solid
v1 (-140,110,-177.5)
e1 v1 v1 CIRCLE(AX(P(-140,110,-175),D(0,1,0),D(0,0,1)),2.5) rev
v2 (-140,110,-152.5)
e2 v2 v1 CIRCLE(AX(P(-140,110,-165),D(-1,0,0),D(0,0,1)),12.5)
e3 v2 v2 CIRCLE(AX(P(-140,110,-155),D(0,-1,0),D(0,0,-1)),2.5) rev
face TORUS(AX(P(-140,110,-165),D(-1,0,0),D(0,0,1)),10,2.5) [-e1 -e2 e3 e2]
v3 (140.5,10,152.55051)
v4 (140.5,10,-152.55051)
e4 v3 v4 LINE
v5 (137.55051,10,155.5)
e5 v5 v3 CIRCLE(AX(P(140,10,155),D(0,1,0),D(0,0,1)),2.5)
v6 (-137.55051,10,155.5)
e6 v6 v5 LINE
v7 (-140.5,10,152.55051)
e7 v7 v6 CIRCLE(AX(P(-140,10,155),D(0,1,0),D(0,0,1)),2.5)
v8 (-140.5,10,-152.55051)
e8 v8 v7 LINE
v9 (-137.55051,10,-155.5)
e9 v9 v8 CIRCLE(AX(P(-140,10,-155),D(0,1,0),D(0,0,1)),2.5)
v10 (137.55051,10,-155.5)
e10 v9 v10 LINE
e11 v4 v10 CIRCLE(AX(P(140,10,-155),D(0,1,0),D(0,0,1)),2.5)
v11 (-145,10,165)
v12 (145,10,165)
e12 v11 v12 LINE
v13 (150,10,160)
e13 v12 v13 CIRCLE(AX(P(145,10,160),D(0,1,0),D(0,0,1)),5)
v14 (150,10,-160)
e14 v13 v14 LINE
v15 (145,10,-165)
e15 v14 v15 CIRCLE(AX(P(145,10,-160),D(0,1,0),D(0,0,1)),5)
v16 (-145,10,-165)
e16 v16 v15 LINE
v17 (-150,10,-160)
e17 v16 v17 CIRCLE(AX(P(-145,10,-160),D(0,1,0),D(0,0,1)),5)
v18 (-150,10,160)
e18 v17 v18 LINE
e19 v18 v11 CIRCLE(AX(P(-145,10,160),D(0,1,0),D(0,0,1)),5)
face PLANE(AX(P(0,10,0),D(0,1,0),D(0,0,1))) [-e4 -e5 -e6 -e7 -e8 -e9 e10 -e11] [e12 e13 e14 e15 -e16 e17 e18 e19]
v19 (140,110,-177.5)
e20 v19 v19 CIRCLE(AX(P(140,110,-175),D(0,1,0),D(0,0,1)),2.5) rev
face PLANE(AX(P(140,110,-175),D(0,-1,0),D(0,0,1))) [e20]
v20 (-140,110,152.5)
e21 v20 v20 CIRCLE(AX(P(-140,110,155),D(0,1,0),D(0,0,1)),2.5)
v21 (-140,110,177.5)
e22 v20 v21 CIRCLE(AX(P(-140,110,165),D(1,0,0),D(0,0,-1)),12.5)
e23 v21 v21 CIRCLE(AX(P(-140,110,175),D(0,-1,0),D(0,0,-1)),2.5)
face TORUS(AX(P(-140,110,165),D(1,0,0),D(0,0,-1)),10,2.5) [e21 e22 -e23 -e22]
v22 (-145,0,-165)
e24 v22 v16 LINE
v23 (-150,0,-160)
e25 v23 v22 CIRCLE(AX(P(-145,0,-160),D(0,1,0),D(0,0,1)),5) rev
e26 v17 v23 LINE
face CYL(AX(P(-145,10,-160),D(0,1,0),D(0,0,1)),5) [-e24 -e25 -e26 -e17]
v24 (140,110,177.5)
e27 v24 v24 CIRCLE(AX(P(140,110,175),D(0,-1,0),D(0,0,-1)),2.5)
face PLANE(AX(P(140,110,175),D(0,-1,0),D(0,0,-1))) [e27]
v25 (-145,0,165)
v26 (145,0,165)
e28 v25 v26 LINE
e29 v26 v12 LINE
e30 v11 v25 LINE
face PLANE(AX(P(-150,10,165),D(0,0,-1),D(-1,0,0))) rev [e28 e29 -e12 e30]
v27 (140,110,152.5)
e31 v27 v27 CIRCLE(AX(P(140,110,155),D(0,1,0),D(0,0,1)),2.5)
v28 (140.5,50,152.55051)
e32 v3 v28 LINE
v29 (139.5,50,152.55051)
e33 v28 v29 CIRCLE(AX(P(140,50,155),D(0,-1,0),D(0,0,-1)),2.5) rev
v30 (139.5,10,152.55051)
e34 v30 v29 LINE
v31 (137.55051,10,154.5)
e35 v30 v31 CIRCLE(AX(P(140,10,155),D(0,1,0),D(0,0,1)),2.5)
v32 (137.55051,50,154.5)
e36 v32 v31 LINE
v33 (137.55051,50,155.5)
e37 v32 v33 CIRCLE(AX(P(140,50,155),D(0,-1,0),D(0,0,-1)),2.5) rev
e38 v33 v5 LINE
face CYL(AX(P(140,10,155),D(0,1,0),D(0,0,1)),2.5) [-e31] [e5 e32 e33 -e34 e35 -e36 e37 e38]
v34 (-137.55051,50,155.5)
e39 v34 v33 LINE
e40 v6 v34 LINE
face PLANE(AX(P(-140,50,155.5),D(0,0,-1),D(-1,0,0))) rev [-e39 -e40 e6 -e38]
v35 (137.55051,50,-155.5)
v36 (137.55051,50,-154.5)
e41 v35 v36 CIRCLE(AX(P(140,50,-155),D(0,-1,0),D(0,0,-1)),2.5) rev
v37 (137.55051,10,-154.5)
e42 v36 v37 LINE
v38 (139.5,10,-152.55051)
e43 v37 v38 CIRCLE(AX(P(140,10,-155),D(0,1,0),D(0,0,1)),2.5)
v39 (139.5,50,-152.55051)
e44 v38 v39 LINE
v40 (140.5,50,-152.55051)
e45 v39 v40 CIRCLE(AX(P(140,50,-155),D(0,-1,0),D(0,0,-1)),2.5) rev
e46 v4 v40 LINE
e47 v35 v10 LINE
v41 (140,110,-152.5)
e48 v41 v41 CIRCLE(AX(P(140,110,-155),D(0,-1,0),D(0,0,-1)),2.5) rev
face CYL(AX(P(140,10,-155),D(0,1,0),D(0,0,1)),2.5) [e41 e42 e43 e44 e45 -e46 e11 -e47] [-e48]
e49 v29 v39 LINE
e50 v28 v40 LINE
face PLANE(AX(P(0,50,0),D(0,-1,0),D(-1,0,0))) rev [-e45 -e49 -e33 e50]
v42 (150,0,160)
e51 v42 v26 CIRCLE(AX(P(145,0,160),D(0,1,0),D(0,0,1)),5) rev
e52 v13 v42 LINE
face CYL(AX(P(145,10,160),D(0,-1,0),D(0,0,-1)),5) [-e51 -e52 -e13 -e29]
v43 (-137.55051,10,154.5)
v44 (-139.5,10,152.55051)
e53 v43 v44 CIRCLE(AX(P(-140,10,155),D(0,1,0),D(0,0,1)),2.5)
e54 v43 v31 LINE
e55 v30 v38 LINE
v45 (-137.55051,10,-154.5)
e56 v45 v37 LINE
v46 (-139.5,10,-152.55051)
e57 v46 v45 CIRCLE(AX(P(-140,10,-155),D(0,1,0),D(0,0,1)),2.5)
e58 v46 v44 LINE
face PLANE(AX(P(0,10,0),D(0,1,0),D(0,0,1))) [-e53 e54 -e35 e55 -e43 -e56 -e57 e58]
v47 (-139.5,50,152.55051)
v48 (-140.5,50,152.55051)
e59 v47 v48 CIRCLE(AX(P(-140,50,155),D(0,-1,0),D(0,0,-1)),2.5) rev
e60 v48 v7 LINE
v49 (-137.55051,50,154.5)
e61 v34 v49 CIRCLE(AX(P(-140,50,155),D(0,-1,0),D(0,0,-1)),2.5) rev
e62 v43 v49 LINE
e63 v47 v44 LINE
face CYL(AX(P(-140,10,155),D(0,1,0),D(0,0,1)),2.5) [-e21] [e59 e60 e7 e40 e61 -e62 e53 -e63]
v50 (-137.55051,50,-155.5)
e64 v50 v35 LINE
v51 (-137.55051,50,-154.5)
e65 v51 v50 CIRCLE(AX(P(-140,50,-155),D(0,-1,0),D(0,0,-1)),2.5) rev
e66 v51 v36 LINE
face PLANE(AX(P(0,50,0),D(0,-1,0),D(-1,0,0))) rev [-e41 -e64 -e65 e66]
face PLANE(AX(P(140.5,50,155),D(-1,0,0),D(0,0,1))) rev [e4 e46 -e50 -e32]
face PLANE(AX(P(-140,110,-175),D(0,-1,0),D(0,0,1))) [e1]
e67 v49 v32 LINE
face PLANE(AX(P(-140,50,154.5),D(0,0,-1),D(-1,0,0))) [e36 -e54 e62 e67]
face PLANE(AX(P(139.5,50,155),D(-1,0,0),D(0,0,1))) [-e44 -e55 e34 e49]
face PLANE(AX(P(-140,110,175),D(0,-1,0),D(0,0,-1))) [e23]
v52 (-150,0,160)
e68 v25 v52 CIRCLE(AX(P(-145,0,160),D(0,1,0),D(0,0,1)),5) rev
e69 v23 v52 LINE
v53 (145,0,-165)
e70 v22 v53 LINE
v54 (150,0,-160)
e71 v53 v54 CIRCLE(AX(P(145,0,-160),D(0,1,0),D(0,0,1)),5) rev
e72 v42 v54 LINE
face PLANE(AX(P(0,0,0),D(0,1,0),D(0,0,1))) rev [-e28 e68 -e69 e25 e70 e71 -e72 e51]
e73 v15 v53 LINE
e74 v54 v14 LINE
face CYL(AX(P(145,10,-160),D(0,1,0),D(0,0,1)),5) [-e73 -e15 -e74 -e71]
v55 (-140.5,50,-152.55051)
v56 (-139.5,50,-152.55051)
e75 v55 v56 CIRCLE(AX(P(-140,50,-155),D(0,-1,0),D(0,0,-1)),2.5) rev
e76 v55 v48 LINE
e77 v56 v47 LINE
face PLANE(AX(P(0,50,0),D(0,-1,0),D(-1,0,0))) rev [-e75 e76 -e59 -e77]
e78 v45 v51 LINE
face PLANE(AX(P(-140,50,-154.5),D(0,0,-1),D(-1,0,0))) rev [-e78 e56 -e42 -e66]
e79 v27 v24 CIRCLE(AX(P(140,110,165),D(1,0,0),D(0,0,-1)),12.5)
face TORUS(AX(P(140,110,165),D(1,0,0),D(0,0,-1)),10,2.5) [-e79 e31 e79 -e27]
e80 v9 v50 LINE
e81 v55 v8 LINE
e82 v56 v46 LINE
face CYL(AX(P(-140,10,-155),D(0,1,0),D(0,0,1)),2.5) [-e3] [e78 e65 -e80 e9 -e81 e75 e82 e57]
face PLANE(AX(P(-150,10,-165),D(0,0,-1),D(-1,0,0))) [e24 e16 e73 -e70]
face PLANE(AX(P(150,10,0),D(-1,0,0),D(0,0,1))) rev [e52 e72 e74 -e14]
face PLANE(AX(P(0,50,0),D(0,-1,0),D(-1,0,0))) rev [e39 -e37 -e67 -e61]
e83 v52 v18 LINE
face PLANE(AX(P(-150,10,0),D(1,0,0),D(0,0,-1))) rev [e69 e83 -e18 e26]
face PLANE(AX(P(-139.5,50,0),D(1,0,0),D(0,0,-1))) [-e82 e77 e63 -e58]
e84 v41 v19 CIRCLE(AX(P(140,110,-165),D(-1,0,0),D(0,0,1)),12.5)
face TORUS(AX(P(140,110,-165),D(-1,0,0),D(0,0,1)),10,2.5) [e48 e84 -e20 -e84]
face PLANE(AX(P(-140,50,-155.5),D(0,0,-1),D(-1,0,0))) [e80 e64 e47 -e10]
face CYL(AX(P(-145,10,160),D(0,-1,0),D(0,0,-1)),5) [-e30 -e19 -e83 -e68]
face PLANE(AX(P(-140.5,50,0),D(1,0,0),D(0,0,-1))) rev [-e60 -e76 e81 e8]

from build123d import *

# Parameters (mm, degrees)
SKETCH1_W            = 300
SKETCH1_H            = 165
BOSS_EXTRUDE1_DEPTH  = 10
SKETCH2_R            = 2.5
FILLET1_R            = 5
EXTRUDE_THIN1_DEPTH  = 40
FILLET1_OF_MIRROR1_R = 5


with BuildPart() as part:
    # Sketch1 → Boss-Extrude1 (new body)
    with BuildSketch(Plane(origin=(0, 0, 0), x_dir=(1, 0, 0), z_dir=(0, 1, 0))):
        with Locations((0, -82.5)):
            Rectangle(SKETCH1_W, SKETCH1_H)
    boss_extrude1 = extrude(amount=BOSS_EXTRUDE1_DEPTH)

    # Sweep1: sweep along a path in Sketch3
    with BuildLine(Plane(origin=(0, 0, 0), x_dir=(0, 0, -1), z_dir=(1, 0, 0))) as sweep1_path:
        Line((-155, 10), (-155, 110))
        ThreePointArc((-155, 110), (-165, 120), (-175, 110))
    # Sketch2 → Sweep1 (sweep)
    with BuildSketch(Plane(origin=(0, 10, 0), x_dir=(1, 0, 0), z_dir=(0, 1, 0))):
        with Locations((-140, -155)):
            Circle(SKETCH2_R)
        with Locations((140, -155)):
            Circle(SKETCH2_R)
    sweep1 = sweep(path=sweep1_path.line)

    # Fillet1
    fillet1_edges = [part.edges().sort_by_distance(p)[0] for p in [
        (150, 5, 165),
        (-150, 5, 165),
    ]]
    fillet(fillet1_edges, radius=FILLET1_R)

    # Sketch4 → Extrude-Thin1 (add)
    with BuildSketch(Plane(origin=(0, 10, 0), x_dir=(1, 0, 0), z_dir=(0, 1, 0))):
        Polygon((-140.5, 0), (-140.5, -155.5), (140.5, -155.5), (140.5, 0), (139.5, 0), (139.5, -154.5), (-139.5, -154.5), (-139.5, 0), align=None)
    extrude_thin1 = extrude(amount=EXTRUDE_THIN1_DEPTH)

    # Mirror1: Boss-Extrude1, Sweep1, Extrude-Thin1 across plane
    add(boss_extrude1.mirror(Plane(origin=(-150, 10, 0), x_dir=(1, 0, 0), z_dir=(0, 0, 1))))
    add(sweep1.mirror(Plane(origin=(-150, 10, 0), x_dir=(1, 0, 0), z_dir=(0, 0, 1))))
    add(extrude_thin1.mirror(Plane(origin=(-150, 10, 0), x_dir=(1, 0, 0), z_dir=(0, 0, 1))))

    # Fillet1 of Mirror1
    fillet1_of_mirror1_edges = [part.edges().sort_by_distance(p)[0] for p in [
        (150, 5, -165),
        (-150, 5, -165),
    ]]
    fillet(fillet1_of_mirror1_edges, radius=FILLET1_OF_MIRROR1_R)


solid = part.part
